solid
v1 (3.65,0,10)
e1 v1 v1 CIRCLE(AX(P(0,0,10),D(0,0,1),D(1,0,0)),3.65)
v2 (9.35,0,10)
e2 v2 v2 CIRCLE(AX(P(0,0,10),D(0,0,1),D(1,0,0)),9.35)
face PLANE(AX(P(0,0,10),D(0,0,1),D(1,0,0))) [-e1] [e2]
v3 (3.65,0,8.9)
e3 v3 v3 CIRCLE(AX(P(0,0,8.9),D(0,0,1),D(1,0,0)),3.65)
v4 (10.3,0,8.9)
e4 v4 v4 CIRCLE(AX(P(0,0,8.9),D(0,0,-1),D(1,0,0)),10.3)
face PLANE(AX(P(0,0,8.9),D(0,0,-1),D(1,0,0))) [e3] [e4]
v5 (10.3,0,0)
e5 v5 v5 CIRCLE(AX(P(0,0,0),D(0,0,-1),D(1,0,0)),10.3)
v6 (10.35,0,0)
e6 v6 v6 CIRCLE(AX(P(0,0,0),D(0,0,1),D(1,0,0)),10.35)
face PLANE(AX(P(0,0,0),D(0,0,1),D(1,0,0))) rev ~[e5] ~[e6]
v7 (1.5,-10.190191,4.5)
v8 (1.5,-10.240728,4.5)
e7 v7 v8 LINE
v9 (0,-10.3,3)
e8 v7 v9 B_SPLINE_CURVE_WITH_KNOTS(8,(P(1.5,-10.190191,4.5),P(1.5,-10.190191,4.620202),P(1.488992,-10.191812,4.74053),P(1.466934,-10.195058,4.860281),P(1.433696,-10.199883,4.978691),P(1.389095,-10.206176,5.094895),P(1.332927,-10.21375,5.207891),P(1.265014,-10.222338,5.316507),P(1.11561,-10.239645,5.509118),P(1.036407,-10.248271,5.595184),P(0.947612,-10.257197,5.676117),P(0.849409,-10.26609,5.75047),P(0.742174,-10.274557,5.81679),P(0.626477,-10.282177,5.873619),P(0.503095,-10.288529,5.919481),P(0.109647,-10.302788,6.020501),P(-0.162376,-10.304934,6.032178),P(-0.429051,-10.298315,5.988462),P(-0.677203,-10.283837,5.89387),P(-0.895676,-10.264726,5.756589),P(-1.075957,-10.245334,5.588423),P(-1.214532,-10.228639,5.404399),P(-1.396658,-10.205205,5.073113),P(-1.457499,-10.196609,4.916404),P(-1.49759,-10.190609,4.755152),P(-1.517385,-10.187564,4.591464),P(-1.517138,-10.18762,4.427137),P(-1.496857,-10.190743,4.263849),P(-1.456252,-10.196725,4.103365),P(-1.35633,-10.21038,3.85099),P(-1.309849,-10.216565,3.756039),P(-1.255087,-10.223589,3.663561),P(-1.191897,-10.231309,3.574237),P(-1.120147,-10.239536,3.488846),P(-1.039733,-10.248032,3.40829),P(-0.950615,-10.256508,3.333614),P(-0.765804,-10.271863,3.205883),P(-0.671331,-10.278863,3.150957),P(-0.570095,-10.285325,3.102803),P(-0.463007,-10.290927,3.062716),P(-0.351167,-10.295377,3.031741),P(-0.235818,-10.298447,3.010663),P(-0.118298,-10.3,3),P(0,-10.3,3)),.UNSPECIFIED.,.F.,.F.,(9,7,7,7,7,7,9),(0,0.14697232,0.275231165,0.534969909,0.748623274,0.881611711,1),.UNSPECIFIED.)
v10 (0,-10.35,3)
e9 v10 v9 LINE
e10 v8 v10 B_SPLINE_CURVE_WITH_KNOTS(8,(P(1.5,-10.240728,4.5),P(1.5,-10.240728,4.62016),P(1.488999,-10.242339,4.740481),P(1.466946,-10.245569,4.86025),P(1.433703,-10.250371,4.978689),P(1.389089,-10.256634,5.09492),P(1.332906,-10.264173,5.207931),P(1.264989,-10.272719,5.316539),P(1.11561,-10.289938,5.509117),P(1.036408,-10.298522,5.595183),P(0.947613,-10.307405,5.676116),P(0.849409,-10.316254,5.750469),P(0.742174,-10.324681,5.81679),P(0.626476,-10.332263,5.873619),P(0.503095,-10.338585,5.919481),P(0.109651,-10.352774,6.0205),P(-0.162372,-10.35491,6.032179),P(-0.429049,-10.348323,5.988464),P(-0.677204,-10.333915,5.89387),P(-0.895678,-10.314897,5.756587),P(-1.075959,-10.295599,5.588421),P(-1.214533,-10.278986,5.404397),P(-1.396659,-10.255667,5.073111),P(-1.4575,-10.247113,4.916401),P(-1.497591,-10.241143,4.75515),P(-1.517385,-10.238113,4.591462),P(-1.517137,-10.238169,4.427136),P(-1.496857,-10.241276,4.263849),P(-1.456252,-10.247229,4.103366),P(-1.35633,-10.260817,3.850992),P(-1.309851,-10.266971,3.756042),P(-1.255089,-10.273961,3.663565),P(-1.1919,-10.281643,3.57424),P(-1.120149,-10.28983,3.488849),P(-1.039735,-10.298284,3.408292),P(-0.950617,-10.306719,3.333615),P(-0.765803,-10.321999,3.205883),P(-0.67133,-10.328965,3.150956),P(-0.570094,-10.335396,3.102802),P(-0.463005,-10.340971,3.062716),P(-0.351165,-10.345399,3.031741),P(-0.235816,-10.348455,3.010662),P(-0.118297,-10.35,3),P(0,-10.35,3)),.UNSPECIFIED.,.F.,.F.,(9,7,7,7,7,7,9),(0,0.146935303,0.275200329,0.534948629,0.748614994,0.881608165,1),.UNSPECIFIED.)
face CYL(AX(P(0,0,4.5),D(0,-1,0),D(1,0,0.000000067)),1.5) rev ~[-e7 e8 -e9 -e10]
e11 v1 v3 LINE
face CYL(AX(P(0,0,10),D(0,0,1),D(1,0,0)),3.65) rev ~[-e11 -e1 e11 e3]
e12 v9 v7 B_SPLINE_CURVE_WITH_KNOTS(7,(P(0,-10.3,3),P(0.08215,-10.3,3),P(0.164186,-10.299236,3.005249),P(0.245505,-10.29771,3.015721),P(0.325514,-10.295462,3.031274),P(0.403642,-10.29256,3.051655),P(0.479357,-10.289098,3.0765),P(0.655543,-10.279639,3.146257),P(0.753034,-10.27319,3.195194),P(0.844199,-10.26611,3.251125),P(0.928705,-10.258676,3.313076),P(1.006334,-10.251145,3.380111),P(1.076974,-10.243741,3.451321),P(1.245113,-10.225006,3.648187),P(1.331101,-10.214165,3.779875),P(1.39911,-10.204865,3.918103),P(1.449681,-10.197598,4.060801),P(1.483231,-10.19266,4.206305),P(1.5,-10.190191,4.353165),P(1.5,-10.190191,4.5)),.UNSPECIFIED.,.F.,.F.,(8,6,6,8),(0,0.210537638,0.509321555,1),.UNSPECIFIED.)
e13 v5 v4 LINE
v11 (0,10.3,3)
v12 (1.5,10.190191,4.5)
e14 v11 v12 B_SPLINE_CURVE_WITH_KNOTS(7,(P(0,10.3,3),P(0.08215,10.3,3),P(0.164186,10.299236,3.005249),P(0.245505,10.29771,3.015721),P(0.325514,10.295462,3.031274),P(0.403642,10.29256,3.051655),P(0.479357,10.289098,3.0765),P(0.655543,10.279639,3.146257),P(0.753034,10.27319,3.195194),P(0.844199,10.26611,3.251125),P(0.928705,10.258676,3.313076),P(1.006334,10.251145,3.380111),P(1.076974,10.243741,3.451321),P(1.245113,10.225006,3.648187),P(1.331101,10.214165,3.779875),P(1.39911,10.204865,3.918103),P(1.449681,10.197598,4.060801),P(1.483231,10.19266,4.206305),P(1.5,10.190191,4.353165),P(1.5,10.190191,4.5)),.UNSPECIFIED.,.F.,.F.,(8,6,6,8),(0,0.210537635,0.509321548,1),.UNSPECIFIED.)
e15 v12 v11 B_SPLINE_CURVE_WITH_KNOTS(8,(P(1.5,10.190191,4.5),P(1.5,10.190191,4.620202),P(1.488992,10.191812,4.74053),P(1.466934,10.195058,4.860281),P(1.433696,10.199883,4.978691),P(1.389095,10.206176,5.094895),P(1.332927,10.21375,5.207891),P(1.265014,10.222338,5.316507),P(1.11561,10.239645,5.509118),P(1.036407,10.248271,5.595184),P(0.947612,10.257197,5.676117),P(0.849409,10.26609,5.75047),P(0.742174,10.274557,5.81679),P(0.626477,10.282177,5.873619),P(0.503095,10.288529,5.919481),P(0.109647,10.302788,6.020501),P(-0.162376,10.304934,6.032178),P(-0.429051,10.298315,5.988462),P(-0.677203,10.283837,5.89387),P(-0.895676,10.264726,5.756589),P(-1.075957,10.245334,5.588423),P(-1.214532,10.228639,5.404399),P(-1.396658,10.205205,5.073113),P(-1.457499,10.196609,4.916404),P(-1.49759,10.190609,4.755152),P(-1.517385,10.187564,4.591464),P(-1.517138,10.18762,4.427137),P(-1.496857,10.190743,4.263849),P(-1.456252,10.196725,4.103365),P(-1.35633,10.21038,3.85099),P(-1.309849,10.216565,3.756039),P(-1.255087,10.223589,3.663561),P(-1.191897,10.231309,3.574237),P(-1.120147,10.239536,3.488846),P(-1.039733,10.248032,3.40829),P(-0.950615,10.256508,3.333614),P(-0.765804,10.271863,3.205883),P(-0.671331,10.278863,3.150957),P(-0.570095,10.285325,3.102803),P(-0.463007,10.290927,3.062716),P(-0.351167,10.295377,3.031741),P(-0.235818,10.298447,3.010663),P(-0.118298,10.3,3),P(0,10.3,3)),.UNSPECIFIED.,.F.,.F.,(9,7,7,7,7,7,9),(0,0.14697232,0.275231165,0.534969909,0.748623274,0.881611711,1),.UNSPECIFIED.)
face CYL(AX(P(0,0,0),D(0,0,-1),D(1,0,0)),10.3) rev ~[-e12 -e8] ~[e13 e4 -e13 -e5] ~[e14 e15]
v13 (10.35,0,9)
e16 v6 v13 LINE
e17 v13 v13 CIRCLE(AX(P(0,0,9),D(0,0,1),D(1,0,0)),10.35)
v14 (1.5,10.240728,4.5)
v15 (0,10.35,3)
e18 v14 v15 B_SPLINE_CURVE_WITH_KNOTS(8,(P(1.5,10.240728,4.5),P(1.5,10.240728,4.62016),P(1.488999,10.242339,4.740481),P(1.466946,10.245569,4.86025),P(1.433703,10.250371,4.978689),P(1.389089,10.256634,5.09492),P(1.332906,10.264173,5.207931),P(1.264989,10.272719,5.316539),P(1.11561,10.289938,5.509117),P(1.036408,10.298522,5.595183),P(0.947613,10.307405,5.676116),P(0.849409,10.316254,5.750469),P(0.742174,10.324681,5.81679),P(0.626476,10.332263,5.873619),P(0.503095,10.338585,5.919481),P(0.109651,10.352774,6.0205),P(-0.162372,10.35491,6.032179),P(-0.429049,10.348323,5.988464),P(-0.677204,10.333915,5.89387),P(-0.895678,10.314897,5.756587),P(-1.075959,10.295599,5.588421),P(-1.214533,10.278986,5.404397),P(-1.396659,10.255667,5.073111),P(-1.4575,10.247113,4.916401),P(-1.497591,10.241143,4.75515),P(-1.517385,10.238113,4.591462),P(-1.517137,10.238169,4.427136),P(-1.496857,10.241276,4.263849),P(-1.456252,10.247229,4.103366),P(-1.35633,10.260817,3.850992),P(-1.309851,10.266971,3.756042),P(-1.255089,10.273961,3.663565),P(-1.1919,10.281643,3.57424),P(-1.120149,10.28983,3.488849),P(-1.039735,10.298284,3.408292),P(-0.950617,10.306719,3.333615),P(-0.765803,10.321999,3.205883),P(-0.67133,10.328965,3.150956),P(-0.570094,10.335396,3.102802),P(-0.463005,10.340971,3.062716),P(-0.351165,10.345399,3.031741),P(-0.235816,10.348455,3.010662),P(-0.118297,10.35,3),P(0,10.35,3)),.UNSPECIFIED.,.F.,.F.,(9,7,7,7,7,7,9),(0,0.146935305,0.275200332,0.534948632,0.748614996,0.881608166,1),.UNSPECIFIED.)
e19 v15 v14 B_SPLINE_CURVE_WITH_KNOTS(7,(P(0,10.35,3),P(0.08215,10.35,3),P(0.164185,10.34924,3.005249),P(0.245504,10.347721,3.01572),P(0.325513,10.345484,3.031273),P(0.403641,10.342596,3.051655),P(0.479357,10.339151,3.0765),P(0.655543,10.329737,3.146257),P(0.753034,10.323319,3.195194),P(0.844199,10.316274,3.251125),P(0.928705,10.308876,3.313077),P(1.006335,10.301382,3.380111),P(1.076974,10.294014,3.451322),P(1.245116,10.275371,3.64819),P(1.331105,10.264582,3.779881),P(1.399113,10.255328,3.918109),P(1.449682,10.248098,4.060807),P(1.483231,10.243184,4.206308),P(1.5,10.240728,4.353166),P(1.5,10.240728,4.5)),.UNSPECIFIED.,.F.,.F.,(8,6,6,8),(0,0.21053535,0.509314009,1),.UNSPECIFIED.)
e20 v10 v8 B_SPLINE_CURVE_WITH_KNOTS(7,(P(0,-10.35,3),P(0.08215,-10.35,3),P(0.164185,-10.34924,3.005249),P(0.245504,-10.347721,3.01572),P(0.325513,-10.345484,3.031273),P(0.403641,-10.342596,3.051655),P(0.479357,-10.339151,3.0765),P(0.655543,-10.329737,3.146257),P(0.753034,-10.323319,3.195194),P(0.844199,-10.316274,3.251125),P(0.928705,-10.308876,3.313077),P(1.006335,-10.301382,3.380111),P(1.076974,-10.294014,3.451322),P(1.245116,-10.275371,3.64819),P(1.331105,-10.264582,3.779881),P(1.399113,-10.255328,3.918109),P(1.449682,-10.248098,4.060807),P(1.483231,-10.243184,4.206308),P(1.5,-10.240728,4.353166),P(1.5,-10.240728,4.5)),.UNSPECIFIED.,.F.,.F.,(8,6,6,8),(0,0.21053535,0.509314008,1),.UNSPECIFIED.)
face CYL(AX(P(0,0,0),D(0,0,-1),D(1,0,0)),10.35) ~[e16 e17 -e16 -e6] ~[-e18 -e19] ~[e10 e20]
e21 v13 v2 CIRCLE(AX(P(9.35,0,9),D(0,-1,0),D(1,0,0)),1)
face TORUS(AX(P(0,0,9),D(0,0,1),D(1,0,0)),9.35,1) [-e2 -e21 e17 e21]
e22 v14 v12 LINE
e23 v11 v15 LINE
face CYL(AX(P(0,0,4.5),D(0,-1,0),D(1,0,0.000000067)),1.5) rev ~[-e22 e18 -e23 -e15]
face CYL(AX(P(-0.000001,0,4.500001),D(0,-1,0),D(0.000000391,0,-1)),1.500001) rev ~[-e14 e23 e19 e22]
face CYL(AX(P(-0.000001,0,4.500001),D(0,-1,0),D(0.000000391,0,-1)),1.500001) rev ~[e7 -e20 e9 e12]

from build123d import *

# Parameters (mm, degrees)
F0_R     = 10.35
F1_DEPTH = 10
F2_R     = 1
F3_R     = 3.65
F4_DEPTH = 25
F5_R     = 10.3
F6_DEPTH = 8.9
F8_DEPTH = 12.5


with BuildPart() as f1:
    # F0 (on Top) → F1 (new body)
    with BuildSketch(Plane.XY):
        Circle(F0_R)
    extrude(amount=F1_DEPTH)

    # F2
    f2_edges = [f1.edges().sort_by_distance(p)[0] for p in [
        (-10.35, 0, 10),
    ]]
    fillet(f2_edges, radius=F2_R)

    # F3 (on face) → F4 (cut)
    with BuildSketch(Plane.XY.offset(10)):
        Circle(F3_R)
    extrude(amount=-F4_DEPTH, mode=Mode.SUBTRACT)

    # F5 (on face) → F6 (cut)
    with BuildSketch(Plane(origin=(0, 0, 0), x_dir=(1, 0, 0), z_dir=(0, 0, -1))):
        Circle(F5_R)
    extrude(amount=-F6_DEPTH, mode=Mode.SUBTRACT)

    # F7 (on Front) → F8 (cut, symmetric)
    with BuildSketch(Plane.XZ):
        with BuildLine():
            ThreePointArc((0, 3), (1.06066, 3.43934), (1.5, 4.5))
            ThreePointArc((1.5, 4.5), (-1.06066, 5.56066), (0, 3))
        make_face()
    extrude(amount=F8_DEPTH, both=True, mode=Mode.SUBTRACT)


solid = f1.part
